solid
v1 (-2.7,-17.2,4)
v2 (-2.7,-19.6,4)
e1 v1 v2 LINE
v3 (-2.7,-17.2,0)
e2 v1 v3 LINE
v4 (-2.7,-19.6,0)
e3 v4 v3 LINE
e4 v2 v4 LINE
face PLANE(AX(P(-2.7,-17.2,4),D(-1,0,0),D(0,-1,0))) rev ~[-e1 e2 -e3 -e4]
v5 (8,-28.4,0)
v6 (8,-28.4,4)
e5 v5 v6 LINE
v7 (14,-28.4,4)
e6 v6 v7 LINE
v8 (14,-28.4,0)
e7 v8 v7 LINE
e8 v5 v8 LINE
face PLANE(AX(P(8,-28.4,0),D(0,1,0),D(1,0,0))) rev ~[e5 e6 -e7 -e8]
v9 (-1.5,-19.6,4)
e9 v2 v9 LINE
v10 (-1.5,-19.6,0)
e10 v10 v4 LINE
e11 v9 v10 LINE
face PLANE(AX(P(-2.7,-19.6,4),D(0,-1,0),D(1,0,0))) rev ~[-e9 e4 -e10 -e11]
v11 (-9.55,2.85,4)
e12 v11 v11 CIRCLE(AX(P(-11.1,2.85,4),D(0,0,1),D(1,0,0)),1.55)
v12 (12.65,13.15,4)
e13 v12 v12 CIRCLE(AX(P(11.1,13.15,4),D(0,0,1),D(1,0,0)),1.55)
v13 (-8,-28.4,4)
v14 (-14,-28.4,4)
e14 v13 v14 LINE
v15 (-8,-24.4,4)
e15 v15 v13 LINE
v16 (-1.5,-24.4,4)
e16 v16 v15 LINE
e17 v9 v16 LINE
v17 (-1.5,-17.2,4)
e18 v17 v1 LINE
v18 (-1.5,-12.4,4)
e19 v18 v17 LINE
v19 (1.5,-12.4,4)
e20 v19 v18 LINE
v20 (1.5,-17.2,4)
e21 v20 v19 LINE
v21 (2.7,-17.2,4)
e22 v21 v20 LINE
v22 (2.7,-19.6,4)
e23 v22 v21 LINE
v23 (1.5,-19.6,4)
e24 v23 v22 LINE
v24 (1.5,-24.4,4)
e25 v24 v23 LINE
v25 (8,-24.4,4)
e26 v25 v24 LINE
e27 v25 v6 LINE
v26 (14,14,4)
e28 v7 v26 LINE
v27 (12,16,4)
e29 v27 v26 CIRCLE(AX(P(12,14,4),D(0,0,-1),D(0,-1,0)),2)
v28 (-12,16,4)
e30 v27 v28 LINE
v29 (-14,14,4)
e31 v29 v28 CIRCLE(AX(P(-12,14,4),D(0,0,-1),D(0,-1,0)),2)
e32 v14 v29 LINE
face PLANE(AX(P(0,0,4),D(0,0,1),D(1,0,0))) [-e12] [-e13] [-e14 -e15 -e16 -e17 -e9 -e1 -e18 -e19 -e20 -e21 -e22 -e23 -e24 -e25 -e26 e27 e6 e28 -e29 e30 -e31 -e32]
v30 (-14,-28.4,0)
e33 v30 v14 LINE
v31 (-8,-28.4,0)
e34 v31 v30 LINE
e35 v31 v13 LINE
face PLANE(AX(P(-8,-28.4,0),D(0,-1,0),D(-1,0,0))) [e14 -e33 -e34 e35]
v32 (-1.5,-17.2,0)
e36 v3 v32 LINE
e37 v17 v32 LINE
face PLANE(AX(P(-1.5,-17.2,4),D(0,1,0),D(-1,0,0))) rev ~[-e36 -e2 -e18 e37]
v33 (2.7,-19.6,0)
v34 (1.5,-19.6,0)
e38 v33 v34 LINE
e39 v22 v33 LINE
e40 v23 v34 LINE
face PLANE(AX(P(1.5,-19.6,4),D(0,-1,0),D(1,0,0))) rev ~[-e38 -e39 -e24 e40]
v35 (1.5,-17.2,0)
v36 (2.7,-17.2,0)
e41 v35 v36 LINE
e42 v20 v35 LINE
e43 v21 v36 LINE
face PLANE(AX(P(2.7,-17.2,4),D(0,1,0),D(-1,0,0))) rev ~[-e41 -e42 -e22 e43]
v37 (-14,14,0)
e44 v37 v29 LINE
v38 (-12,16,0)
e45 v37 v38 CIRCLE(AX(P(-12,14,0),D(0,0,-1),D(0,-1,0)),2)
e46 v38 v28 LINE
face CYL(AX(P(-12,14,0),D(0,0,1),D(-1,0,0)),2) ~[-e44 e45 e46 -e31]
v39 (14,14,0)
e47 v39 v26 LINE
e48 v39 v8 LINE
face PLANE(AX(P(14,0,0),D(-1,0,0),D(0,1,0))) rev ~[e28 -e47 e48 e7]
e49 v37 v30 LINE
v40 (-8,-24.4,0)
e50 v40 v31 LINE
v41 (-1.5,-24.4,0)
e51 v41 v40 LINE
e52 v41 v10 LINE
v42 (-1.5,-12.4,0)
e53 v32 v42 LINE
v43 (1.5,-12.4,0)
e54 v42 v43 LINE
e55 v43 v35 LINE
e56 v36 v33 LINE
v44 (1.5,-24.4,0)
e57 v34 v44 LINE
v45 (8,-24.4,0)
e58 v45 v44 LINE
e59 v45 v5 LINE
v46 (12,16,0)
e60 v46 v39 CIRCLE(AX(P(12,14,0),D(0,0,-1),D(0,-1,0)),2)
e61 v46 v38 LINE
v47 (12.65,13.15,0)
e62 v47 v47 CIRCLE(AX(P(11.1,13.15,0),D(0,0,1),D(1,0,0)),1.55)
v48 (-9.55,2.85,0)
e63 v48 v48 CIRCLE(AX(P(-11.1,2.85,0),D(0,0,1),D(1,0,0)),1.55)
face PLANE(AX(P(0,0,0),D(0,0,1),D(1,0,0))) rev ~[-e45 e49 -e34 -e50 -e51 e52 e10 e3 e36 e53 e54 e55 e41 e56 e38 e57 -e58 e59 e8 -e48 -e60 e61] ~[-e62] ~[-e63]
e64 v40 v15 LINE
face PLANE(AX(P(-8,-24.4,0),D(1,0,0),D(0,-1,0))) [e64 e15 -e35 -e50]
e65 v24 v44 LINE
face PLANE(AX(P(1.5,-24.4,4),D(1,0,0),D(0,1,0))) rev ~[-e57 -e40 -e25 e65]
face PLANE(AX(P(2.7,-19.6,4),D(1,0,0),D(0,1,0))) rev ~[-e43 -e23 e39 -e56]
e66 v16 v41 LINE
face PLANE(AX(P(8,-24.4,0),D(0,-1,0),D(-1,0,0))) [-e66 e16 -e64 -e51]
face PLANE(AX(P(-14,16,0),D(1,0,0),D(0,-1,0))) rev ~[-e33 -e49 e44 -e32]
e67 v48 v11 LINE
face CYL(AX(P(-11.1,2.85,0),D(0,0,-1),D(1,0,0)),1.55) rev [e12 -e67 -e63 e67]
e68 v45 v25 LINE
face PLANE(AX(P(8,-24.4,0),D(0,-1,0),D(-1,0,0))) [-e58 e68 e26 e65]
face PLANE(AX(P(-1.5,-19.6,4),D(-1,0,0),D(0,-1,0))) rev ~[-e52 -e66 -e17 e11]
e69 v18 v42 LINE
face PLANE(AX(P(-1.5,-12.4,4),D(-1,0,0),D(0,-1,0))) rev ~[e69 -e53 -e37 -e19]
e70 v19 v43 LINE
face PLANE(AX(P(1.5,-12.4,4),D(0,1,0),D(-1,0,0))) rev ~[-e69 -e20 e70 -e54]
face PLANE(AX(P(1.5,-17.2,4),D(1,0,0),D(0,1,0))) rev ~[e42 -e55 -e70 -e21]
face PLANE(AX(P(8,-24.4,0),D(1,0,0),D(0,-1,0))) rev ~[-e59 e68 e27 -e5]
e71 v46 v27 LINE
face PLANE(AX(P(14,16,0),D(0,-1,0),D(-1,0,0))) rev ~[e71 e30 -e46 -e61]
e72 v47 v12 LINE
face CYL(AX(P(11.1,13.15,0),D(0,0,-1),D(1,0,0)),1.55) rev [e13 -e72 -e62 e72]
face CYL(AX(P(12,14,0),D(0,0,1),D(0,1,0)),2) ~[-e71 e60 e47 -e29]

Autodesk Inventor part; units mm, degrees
ref_plane "YZ Plane" through (0, 0, 0) normal (1, 0, 0) x (0, 1, 0)
ref_plane "XZ Plane" through (0, 0, 0) normal (0, 1, 0) x (-1, 0, 0)
ref_plane "XY Plane" through (0, 0, 0) normal (0, 0, 1) x (1, 0, 0)
sketch "Sketch1" plane through (0, 0, 0) normal (0, 0, 1) x (1, 0, 0)
  line L0 (-14, 0) -> (14, 0)
  line L1 (14, 0) -> (14, 16)
  line L2 (14, 16) -> (-14, 16)
  line L3 (-14, 16) -> (-14, 0)
  circle A0 centre (-11.1, 2.85) radius 1.55
  circle A1 centre (11.1, 13.15) radius 1.55
  line L4 (-11.1, 2.85) -> (-14, 2.85) construction
  line L5 (11.1, 13.15) -> (14, 13.15) construction
  line L6 (11.1, 13.15) -> (11.1, 16) construction
  line L7 (-11.1, 2.85) -> (-11.1, 0) construction
  line L8 (-14, 0) -> (14, 0) construction
  line L9 (14, 0) -> (14, -24.4)
  line L10 (14, -24.4) -> (8, -24.4) construction
  line L11 (-14, -24.4) -> (-14, 0)
  line L12 (-14, -24.4) -> (-8, -24.4) construction
  line L13 (-8, -24.4) -> (-8, -28.4)
  line L14 (-8, -28.4) -> (-14, -28.4)
  line L15 (-14, -28.4) -> (-14, -24.4)
  line L16 (14, -24.4) -> (8, -24.4) construction
  line L17 (8, -24.4) -> (8, -28.4)
  line L18 (8, -28.4) -> (14, -28.4)
  line L19 (14, -28.4) -> (14, -24.4)
  line L20 (-8, -24.4) -> (-14, -24.4) construction
  line L21 (8, -24.4) -> (-8, -24.4)
  point P0 (0, 0)
  point P1 (0, 0)
  point P2 (14, 0)
  point P3 (14, 0)
  dimension "d0" = 3.1
  dimension "d1" = 22.2
  dimension "d2" = 10.3
  dimension "d3" = 16
  dimension "d4" = 28
  dimension "d5" = 40.4
  dimension "d8" = 6
  dimension "d9" = 6
  dimension "d10" = 4
extrude "Extrusion1" add sketch "Sketch1" along normal blind 4
sketch "Sketch2" plane through (0, 0, 4) normal (0, 0, 1) x (1, 0, 0)
  line L0 (14, -28.4) -> (14, 16) construction
  line L1 (14, 16) -> (-14, 16) construction
  line L2 (-14, 16) -> (-14, -28.4) construction
  line L3 (-14, -28.4) -> (-8, -28.4) construction
  line L4 (-8, -28.4) -> (-8, -24.4) construction
  line L5 (-8, -24.4) -> (8, -24.4) construction
  line L6 (8, -24.4) -> (8, -28.4) construction
  line L7 (8, -28.4) -> (14, -28.4) construction
  circle A0 centre (-11.1, 2.85) radius 1.55 construction
  circle A1 centre (11.1, 13.15) radius 1.55 construction
  line L8 (-1.5, -24.4) -> (1.5, -24.4)
  line L9 (1.5, -24.4) -> (1.5, -12.4)
  line L10 (1.5, -12.4) -> (-1.5, -12.4)
  line L11 (-1.5, -12.4) -> (-1.5, -24.4)
  line L12 (-2.7, -19.6) -> (2.7, -19.6)
  line L13 (2.7, -19.6) -> (2.7, -17.2)
  line L14 (2.7, -17.2) -> (-2.7, -17.2)
  line L15 (-2.7, -17.2) -> (-2.7, -19.6)
  point P0 (0, 0)
  point P1 (-2.7, -18.4)
  point P2 (-1.5, -18.4)
  point P3 (0, -17.2)
  point P4 (0, -12.4)
  point P5 (0, -24.4)
  point P6 (0, -24.4)
  point P7 (-1.5, -19.6)
  point P8 (1.5, -19.6)
  point P9 (1.5, -17.2)
  point P10 (-1.5, -17.2)
  dimension "d11" = 3
  dimension "d12" = 2.4
  dimension "d13" = 5.4
  dimension "d14" = 12
extrude "Extrusion2" cut sketch "Sketch2" against normal up to next
fillet "Fillet1" radius 2 2 edges at (14, 16, 2) (-14, 16, 2)
properties part number "SwitchHolder_Bottom_V3" material "MDF Medium Density Fiberboard"
